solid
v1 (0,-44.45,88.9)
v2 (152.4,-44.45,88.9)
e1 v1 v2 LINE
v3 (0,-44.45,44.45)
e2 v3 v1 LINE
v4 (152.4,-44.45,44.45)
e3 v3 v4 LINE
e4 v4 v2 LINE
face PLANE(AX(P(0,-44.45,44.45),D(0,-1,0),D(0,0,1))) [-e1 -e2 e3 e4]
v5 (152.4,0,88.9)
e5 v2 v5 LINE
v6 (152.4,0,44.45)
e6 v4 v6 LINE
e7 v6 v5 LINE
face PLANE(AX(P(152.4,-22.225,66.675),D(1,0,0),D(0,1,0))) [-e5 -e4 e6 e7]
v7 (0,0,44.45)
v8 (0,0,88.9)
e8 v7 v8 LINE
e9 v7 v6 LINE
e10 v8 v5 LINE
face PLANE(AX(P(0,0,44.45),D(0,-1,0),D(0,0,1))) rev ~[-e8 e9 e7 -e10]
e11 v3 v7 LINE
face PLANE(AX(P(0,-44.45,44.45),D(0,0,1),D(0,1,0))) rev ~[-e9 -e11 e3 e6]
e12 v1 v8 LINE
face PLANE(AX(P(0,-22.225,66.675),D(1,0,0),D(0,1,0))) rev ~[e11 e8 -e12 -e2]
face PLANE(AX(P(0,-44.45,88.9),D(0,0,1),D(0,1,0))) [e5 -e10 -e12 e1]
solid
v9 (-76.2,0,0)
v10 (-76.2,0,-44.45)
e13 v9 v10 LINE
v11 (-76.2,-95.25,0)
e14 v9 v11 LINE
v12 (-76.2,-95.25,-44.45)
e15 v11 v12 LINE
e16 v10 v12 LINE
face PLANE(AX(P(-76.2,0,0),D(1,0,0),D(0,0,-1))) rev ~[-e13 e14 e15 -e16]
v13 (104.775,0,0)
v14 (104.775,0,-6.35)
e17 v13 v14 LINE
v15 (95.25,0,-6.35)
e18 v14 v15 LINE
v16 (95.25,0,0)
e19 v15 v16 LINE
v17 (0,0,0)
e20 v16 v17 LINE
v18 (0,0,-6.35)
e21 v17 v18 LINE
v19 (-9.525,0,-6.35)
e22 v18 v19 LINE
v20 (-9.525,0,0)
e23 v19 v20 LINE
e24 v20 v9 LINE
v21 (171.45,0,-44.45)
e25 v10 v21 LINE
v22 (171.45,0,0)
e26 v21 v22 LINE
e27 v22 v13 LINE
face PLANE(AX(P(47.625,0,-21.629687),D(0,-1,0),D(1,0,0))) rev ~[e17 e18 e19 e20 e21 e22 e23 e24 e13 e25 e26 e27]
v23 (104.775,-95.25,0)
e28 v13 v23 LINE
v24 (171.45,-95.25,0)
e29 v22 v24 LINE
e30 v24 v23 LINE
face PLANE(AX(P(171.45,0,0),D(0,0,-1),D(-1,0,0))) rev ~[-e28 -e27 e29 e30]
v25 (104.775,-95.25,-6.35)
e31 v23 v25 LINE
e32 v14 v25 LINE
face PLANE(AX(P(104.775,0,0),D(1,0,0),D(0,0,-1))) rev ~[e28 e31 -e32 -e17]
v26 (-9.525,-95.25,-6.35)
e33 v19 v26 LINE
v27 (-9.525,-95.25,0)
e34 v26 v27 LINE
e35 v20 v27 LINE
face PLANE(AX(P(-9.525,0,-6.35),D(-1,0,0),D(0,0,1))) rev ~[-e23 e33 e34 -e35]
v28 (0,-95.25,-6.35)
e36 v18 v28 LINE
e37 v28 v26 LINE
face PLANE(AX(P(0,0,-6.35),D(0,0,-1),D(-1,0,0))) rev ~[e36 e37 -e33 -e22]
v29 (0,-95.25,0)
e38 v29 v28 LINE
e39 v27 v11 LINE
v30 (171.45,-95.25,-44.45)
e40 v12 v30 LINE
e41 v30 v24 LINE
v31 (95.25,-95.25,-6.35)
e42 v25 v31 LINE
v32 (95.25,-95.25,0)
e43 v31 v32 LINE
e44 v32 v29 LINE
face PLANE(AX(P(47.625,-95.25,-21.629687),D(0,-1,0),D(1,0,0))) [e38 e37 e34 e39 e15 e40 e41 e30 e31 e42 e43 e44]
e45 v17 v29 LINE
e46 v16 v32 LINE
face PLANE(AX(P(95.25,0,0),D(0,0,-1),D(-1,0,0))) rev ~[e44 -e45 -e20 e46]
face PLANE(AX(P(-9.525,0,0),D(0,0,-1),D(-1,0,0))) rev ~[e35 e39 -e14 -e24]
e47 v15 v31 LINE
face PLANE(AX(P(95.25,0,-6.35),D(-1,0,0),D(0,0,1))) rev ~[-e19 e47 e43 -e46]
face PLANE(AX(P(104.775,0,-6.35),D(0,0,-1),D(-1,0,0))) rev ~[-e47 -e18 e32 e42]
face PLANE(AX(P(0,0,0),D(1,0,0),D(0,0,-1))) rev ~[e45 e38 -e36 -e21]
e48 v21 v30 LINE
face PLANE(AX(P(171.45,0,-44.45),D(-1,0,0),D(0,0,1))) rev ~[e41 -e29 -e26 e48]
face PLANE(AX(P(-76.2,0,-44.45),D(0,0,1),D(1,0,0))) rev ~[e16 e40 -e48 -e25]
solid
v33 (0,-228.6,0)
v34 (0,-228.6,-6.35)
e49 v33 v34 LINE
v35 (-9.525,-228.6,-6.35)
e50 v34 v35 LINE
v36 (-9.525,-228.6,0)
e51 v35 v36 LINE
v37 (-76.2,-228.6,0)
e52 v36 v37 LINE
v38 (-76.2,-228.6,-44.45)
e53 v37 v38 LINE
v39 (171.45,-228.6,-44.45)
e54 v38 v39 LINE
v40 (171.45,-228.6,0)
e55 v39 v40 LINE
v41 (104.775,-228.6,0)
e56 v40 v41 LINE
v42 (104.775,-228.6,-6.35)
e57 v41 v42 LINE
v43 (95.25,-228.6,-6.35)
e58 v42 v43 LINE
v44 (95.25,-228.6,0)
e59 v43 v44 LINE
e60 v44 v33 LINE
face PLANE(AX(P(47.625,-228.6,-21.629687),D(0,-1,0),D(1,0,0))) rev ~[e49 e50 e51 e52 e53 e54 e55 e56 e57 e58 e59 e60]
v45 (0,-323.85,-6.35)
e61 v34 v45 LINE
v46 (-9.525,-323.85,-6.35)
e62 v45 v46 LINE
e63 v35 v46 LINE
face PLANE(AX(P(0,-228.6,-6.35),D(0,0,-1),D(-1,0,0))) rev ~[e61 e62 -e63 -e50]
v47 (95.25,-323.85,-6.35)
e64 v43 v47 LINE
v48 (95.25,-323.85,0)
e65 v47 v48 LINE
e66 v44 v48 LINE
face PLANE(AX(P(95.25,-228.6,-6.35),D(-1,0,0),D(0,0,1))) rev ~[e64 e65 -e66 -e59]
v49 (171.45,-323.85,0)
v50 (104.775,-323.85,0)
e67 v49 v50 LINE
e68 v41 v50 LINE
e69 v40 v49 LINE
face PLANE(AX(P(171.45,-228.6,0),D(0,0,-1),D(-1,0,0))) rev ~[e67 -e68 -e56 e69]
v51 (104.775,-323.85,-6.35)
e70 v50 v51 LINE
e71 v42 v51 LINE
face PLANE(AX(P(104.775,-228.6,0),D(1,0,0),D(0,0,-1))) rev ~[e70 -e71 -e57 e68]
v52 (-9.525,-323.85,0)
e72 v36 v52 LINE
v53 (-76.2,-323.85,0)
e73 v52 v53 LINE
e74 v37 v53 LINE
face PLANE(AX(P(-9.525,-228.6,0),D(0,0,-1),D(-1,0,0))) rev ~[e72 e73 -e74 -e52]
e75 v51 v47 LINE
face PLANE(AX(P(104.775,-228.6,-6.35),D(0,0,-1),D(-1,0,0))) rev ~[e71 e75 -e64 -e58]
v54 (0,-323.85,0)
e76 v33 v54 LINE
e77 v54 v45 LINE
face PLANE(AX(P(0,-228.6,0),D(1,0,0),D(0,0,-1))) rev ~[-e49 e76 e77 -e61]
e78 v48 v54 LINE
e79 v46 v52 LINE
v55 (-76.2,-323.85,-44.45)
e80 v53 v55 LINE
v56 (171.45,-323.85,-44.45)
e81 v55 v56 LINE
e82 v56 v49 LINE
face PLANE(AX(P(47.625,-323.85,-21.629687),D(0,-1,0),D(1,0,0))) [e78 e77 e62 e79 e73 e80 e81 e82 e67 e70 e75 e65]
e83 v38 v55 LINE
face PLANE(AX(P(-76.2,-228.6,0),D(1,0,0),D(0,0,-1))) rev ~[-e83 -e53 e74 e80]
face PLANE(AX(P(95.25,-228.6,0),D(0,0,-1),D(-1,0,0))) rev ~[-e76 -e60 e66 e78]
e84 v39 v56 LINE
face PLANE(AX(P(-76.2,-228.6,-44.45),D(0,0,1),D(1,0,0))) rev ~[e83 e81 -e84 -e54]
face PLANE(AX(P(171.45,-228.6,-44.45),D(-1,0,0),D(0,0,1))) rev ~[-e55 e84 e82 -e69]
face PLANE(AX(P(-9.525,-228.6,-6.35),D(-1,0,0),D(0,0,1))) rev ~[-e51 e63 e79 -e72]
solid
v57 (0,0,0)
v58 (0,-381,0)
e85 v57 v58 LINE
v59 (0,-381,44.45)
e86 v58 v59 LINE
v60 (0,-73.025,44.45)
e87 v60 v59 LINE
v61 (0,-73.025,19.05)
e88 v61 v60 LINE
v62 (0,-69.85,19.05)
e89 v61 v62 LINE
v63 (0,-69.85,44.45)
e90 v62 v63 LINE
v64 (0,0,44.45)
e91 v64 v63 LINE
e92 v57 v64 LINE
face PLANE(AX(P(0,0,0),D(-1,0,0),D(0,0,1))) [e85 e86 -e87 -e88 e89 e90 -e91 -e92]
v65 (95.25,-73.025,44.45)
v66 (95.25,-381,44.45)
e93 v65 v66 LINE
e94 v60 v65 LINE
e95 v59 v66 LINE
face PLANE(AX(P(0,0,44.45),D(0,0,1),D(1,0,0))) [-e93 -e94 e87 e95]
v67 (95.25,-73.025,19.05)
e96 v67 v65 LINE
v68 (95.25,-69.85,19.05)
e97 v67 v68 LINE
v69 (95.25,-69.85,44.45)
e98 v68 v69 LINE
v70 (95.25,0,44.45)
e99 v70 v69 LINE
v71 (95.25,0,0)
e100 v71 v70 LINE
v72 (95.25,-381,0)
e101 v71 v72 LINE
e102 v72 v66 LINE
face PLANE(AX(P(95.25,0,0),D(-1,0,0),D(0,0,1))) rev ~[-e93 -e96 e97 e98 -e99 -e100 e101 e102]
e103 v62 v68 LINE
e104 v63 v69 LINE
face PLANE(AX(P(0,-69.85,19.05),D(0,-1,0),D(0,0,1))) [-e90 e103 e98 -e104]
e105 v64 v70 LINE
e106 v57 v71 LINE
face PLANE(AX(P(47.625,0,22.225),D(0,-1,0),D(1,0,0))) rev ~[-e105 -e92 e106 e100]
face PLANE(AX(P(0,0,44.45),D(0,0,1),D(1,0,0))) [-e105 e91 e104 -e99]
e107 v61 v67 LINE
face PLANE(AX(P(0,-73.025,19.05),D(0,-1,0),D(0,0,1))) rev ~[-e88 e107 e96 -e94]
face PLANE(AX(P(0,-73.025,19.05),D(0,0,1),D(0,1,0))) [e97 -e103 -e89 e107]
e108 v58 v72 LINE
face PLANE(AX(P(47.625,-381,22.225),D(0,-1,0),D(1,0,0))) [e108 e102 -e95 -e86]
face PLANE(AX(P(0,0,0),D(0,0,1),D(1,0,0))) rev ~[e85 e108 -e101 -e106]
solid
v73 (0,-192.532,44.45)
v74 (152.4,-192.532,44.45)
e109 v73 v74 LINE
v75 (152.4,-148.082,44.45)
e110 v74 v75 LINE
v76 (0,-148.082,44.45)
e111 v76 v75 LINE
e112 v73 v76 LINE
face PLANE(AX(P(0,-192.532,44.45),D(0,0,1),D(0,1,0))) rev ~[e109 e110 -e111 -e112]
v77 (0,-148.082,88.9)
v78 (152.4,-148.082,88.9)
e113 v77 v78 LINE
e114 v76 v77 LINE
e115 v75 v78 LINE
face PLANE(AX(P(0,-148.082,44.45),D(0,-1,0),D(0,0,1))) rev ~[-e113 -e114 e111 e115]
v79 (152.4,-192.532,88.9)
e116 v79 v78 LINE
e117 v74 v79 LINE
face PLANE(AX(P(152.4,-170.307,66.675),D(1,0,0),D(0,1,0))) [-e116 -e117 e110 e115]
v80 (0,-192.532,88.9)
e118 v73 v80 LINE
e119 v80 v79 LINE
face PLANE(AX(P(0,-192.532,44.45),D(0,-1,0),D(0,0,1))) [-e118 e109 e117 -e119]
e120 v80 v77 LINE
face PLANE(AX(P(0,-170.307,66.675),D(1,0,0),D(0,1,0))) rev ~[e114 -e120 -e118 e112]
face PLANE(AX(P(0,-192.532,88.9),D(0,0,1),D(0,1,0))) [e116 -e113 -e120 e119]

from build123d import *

# Parameters (mm, degrees)
F0_W      = 95.25
F0_H      = 44.45
F1_DEPTH  = 381
F3_DEPTH  = 95.25
F6_DEPTH  = 95.25
F7_W      = 44.45
F7_H      = 44.45
F8_DEPTH  = 152.4
F9_W      = 3.175
F9_H      = 25.4
F10_DEPTH = 171.451


with BuildPart() as f1:
    # F0 (on Front) → F1 (new body)
    with BuildSketch(Plane.XZ):
        with Locations((47.625, 22.225)):
            Rectangle(F0_W, F0_H)
    extrude(amount=F1_DEPTH)

    # F9 (on Right) → F10 (cut, through all)
    with BuildSketch(Plane.YZ):
        with Locations((-71.4375, 31.75)):
            Rectangle(F9_W, F9_H)
    extrude(amount=F10_DEPTH, mode=Mode.SUBTRACT)


with BuildPart() as f3:
    # F2 (on Front) → F3 (new body)
    with BuildSketch(Plane.XZ):
        Polygon((-9.525, -6.35), (-9.525, 0), (-76.2, 0), (-76.2, -44.45), (171.45, -44.45), (171.45, 0), (104.775, 0), (104.775, -6.35), (95.25, -6.35), (95.25, 0), (0, 0), (0, -6.35), align=None)
    extrude(amount=F3_DEPTH)


with BuildPart() as f6:
    # F5 (on offset) → F6 (new body)
    with BuildSketch(Plane.XZ.offset(228.6)):
        Polygon((-9.525, -6.35), (-9.525, 0), (-76.2, 0), (-76.2, -44.45), (171.45, -44.45), (171.45, 0), (104.775, 0), (104.775, -6.35), (95.25, -6.35), (95.25, 0), (0, 0), (0, -6.35), align=None)
    extrude(amount=F6_DEPTH)


with BuildPart() as f8:
    # F7 (on Right) → F8 (new body)
    with BuildSketch(Plane.YZ):
        with Locations((-170.307, 66.675)):
            Rectangle(F7_W, F7_H)
        with Locations((-22.225, 66.675)):
            Rectangle(F7_W, F7_H)
    extrude(amount=F8_DEPTH)


solid = Compound([f1.part, f3.part, f6.part, f8.part])
